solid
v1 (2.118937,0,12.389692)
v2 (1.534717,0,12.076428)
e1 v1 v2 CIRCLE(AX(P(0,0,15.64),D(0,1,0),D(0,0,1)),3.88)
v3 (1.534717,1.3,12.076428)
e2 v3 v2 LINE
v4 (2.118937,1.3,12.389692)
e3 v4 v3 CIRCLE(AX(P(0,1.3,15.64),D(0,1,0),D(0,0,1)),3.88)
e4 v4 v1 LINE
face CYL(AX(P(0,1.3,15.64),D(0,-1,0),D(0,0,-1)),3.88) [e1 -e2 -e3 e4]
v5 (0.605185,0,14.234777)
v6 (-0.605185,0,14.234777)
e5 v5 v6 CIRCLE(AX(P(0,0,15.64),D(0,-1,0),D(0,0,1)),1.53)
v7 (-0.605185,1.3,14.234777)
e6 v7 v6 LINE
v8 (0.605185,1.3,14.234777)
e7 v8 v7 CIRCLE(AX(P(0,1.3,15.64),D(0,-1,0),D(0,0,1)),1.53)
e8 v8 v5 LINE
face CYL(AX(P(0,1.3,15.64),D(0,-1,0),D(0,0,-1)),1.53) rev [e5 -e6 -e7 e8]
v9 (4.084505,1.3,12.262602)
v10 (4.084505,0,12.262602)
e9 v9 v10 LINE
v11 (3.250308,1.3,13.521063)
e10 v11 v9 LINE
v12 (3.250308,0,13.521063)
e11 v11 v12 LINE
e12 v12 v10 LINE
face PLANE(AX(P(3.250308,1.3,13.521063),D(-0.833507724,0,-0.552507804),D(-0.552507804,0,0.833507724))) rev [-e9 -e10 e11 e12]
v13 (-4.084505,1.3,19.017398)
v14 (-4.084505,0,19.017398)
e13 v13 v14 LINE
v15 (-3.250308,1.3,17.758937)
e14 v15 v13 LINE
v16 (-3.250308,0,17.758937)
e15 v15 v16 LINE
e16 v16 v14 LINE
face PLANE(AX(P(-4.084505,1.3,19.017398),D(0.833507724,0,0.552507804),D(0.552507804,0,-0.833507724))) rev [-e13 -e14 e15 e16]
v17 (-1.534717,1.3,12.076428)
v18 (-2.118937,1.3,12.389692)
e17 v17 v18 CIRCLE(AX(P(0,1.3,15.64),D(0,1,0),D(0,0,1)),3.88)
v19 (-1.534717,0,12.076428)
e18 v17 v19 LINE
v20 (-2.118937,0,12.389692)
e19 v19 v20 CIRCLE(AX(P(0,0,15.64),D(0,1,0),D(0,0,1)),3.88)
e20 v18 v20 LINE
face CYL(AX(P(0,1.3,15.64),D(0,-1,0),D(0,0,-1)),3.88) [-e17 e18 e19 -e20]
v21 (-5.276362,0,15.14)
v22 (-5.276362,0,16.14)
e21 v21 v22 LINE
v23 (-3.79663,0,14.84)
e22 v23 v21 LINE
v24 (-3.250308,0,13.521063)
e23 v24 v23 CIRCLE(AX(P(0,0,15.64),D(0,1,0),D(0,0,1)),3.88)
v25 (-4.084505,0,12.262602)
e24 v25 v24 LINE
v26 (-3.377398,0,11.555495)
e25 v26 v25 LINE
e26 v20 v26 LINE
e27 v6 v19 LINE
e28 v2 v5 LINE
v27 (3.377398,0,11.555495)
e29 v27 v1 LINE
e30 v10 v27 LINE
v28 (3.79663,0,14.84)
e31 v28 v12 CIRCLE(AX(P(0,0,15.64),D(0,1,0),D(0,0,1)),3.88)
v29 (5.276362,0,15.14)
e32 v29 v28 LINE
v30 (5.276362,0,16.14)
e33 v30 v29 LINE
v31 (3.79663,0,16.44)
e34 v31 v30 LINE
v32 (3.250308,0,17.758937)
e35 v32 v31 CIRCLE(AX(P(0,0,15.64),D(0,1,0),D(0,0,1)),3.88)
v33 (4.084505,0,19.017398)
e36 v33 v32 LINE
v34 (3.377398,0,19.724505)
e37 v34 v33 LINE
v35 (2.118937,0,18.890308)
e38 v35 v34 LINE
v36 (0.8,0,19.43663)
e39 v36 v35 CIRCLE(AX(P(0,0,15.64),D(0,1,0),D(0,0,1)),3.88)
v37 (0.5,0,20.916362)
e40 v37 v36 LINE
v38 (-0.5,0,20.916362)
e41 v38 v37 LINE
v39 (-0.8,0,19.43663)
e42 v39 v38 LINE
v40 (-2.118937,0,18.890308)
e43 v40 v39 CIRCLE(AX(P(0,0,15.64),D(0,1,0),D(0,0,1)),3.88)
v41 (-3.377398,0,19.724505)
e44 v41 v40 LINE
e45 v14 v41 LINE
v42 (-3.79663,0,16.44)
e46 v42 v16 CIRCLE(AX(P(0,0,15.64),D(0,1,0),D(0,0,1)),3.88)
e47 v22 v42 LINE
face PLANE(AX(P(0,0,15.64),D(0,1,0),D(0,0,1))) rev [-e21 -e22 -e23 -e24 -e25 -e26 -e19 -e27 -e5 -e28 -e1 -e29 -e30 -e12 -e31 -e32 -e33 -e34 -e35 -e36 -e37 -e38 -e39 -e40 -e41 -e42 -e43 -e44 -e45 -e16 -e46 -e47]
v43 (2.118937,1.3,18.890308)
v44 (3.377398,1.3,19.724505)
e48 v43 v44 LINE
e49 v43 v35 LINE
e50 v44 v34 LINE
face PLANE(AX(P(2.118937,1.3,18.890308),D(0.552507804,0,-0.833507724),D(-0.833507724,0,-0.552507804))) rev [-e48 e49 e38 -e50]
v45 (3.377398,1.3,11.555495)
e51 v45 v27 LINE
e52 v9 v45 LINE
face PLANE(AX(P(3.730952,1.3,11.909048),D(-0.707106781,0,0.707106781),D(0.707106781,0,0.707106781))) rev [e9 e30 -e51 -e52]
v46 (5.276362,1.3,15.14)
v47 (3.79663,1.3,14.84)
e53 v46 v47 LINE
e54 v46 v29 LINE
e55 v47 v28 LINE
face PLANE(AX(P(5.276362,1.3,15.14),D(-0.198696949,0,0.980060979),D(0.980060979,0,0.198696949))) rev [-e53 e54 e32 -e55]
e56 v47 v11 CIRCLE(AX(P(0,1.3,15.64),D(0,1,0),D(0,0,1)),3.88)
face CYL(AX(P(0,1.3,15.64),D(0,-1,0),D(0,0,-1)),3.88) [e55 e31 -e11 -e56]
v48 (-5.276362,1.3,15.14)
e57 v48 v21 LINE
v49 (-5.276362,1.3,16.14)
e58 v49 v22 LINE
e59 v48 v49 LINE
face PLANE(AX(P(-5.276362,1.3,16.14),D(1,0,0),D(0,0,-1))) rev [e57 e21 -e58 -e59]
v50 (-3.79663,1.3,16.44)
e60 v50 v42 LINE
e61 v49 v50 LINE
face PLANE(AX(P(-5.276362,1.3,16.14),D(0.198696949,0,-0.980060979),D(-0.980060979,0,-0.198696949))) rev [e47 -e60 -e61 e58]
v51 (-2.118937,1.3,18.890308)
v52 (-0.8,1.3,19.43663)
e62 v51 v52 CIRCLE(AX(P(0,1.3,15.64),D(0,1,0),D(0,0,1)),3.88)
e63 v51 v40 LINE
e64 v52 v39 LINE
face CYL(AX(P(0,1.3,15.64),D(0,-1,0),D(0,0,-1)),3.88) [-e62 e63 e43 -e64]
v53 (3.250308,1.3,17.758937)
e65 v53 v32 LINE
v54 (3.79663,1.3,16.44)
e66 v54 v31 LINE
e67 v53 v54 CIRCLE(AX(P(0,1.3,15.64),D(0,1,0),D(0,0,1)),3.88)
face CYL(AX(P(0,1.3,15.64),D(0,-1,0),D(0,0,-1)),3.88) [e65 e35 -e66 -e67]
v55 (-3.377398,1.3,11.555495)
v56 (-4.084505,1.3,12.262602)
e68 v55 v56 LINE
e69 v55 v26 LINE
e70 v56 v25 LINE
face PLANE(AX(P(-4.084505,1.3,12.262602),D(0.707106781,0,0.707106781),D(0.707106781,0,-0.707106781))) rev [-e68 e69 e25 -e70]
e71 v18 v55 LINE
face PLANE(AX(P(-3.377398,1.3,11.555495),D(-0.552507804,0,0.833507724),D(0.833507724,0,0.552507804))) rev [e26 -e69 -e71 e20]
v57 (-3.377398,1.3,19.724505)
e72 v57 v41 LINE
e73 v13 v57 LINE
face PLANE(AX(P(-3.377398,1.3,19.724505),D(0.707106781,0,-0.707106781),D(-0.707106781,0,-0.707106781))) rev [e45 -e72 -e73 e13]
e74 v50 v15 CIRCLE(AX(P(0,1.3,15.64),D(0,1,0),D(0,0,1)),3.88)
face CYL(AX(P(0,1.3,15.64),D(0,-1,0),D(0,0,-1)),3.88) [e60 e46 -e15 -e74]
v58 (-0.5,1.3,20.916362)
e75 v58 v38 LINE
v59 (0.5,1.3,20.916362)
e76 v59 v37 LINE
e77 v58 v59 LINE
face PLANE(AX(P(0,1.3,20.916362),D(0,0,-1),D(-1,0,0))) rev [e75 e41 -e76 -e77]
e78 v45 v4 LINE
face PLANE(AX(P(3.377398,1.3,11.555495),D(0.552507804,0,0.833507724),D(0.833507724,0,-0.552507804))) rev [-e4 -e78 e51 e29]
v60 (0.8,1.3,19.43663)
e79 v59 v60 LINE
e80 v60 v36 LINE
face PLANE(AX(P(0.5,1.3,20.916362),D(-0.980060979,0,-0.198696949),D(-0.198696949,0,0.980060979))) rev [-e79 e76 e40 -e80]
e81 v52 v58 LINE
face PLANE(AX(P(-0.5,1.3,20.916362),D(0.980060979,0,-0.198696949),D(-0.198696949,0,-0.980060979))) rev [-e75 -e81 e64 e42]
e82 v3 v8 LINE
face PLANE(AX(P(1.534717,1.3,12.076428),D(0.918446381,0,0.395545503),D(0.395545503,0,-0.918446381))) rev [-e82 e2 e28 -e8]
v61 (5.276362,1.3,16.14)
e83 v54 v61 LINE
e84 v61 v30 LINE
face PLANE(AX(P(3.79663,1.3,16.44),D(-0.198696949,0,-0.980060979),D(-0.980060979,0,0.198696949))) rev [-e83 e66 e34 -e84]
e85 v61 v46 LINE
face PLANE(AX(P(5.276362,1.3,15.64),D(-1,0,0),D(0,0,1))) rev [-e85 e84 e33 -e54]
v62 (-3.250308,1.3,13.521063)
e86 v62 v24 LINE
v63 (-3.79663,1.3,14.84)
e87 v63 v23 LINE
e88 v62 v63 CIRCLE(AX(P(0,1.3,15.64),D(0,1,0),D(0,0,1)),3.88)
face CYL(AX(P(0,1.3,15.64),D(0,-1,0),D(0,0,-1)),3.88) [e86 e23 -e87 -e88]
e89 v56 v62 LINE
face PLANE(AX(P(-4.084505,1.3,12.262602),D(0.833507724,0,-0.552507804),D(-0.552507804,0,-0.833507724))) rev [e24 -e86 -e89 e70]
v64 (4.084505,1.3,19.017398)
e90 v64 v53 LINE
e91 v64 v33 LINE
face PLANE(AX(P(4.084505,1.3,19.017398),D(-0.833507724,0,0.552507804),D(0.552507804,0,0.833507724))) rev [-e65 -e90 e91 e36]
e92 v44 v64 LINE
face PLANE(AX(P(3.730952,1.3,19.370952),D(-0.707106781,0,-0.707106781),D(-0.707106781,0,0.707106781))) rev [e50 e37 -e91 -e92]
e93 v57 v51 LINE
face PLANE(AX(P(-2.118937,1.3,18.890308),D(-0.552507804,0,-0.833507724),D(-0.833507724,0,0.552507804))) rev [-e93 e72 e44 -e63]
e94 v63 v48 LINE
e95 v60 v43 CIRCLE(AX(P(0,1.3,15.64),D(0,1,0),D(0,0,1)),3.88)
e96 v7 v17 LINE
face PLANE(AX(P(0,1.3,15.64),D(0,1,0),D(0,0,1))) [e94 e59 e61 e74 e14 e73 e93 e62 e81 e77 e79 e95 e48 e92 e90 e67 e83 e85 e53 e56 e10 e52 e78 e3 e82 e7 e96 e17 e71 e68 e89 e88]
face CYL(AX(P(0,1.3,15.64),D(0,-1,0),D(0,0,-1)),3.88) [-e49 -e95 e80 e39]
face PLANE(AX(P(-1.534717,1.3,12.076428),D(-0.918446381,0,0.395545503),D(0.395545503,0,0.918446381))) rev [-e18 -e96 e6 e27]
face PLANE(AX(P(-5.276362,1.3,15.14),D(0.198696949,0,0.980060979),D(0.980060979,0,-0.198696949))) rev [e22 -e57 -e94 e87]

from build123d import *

# Parameters (mm, degrees)
BOSS_EXTRUDE6_DEPTH = 1.3


with BuildPart() as part:
    # Sketch20 → Boss-Extrude6 (new body)
    with BuildSketch(Plane(origin=(0, 0, -30), x_dir=(-1, 0, 0), z_dir=(0, 1, 0))):
        with BuildLine():
            Line((1.53471655, 42.07642804), (0.605184619, 44.234777037))
            ThreePointArc((0.605184619, 44.234777037), (0, 47.17), (-0.605184619, 44.234777037))
            Line((-0.605184619, 44.234777037), (-1.53471655, 42.07642804))
            ThreePointArc((-1.53471655, 42.07642804), (-1.833529499, 42.220560049), (-2.118937454, 42.389691697))
            Line((-2.118937454, 42.389691697), (-3.377398231, 41.555494988))
            Line((-3.377398231, 41.555494988), (-3.730951621, 41.909048379))
            Line((-3.730951621, 41.909048379), (-4.084505012, 42.262601769))
            Line((-4.084505012, 42.262601769), (-3.250308303, 43.521062546))
            ThreePointArc((-3.250308303, 43.521062546), (-3.584652586, 44.155188282), (-3.796630085, 44.84))
            Line((-3.796630085, 44.84), (-5.276362383, 45.14))
            Line((-5.276362383, 45.14), (-5.276362383, 45.64))
            Line((-5.276362383, 45.64), (-5.276362383, 46.14))
            Line((-5.276362383, 46.14), (-3.796630085, 46.44))
            ThreePointArc((-3.796630085, 46.44), (-3.584652586, 47.124811718), (-3.250308303, 47.758937454))
            Line((-3.250308303, 47.758937454), (-4.084505012, 49.017398231))
            Line((-4.084505012, 49.017398231), (-3.730951621, 49.370951621))
            Line((-3.730951621, 49.370951621), (-3.377398231, 49.724505012))
            Line((-3.377398231, 49.724505012), (-2.118937454, 48.890308303))
            ThreePointArc((-2.118937454, 48.890308303), (-1.484811718, 49.224652586), (-0.8, 49.436630085))
            Line((-0.8, 49.436630085), (-0.5, 50.916362383))
            Line((-0.5, 50.916362383), (0, 50.916362383))
            Line((0, 50.916362383), (0.5, 50.916362383))
            Line((0.5, 50.916362383), (0.8, 49.436630085))
            ThreePointArc((0.8, 49.436630085), (1.484811718, 49.224652586), (2.118937454, 48.890308303))
            Line((2.118937454, 48.890308303), (3.377398231, 49.724505012))
            Line((3.377398231, 49.724505012), (3.730951621, 49.370951621))
            Line((3.730951621, 49.370951621), (4.084505012, 49.017398231))
            Line((4.084505012, 49.017398231), (3.250308303, 47.758937454))
            ThreePointArc((3.250308303, 47.758937454), (3.584652586, 47.124811718), (3.796630085, 46.44))
            Line((3.796630085, 46.44), (5.276362383, 46.14))
            Line((5.276362383, 46.14), (5.276362383, 45.64))
            Line((5.276362383, 45.64), (5.276362383, 45.14))
            Line((5.276362383, 45.14), (3.796630085, 44.84))
            ThreePointArc((3.796630085, 44.84), (3.584652586, 44.155188282), (3.250308303, 43.521062546))
            Line((3.250308303, 43.521062546), (4.084505012, 42.262601769))
            Line((4.084505012, 42.262601769), (3.730951621, 41.909048379))
            Line((3.730951621, 41.909048379), (3.377398231, 41.555494988))
            Line((3.377398231, 41.555494988), (2.118937454, 42.389691697))
            ThreePointArc((2.118937454, 42.389691697), (1.833529499, 42.220560049), (1.53471655, 42.07642804))
        make_face()
    extrude(amount=BOSS_EXTRUDE6_DEPTH)


solid = part.part
